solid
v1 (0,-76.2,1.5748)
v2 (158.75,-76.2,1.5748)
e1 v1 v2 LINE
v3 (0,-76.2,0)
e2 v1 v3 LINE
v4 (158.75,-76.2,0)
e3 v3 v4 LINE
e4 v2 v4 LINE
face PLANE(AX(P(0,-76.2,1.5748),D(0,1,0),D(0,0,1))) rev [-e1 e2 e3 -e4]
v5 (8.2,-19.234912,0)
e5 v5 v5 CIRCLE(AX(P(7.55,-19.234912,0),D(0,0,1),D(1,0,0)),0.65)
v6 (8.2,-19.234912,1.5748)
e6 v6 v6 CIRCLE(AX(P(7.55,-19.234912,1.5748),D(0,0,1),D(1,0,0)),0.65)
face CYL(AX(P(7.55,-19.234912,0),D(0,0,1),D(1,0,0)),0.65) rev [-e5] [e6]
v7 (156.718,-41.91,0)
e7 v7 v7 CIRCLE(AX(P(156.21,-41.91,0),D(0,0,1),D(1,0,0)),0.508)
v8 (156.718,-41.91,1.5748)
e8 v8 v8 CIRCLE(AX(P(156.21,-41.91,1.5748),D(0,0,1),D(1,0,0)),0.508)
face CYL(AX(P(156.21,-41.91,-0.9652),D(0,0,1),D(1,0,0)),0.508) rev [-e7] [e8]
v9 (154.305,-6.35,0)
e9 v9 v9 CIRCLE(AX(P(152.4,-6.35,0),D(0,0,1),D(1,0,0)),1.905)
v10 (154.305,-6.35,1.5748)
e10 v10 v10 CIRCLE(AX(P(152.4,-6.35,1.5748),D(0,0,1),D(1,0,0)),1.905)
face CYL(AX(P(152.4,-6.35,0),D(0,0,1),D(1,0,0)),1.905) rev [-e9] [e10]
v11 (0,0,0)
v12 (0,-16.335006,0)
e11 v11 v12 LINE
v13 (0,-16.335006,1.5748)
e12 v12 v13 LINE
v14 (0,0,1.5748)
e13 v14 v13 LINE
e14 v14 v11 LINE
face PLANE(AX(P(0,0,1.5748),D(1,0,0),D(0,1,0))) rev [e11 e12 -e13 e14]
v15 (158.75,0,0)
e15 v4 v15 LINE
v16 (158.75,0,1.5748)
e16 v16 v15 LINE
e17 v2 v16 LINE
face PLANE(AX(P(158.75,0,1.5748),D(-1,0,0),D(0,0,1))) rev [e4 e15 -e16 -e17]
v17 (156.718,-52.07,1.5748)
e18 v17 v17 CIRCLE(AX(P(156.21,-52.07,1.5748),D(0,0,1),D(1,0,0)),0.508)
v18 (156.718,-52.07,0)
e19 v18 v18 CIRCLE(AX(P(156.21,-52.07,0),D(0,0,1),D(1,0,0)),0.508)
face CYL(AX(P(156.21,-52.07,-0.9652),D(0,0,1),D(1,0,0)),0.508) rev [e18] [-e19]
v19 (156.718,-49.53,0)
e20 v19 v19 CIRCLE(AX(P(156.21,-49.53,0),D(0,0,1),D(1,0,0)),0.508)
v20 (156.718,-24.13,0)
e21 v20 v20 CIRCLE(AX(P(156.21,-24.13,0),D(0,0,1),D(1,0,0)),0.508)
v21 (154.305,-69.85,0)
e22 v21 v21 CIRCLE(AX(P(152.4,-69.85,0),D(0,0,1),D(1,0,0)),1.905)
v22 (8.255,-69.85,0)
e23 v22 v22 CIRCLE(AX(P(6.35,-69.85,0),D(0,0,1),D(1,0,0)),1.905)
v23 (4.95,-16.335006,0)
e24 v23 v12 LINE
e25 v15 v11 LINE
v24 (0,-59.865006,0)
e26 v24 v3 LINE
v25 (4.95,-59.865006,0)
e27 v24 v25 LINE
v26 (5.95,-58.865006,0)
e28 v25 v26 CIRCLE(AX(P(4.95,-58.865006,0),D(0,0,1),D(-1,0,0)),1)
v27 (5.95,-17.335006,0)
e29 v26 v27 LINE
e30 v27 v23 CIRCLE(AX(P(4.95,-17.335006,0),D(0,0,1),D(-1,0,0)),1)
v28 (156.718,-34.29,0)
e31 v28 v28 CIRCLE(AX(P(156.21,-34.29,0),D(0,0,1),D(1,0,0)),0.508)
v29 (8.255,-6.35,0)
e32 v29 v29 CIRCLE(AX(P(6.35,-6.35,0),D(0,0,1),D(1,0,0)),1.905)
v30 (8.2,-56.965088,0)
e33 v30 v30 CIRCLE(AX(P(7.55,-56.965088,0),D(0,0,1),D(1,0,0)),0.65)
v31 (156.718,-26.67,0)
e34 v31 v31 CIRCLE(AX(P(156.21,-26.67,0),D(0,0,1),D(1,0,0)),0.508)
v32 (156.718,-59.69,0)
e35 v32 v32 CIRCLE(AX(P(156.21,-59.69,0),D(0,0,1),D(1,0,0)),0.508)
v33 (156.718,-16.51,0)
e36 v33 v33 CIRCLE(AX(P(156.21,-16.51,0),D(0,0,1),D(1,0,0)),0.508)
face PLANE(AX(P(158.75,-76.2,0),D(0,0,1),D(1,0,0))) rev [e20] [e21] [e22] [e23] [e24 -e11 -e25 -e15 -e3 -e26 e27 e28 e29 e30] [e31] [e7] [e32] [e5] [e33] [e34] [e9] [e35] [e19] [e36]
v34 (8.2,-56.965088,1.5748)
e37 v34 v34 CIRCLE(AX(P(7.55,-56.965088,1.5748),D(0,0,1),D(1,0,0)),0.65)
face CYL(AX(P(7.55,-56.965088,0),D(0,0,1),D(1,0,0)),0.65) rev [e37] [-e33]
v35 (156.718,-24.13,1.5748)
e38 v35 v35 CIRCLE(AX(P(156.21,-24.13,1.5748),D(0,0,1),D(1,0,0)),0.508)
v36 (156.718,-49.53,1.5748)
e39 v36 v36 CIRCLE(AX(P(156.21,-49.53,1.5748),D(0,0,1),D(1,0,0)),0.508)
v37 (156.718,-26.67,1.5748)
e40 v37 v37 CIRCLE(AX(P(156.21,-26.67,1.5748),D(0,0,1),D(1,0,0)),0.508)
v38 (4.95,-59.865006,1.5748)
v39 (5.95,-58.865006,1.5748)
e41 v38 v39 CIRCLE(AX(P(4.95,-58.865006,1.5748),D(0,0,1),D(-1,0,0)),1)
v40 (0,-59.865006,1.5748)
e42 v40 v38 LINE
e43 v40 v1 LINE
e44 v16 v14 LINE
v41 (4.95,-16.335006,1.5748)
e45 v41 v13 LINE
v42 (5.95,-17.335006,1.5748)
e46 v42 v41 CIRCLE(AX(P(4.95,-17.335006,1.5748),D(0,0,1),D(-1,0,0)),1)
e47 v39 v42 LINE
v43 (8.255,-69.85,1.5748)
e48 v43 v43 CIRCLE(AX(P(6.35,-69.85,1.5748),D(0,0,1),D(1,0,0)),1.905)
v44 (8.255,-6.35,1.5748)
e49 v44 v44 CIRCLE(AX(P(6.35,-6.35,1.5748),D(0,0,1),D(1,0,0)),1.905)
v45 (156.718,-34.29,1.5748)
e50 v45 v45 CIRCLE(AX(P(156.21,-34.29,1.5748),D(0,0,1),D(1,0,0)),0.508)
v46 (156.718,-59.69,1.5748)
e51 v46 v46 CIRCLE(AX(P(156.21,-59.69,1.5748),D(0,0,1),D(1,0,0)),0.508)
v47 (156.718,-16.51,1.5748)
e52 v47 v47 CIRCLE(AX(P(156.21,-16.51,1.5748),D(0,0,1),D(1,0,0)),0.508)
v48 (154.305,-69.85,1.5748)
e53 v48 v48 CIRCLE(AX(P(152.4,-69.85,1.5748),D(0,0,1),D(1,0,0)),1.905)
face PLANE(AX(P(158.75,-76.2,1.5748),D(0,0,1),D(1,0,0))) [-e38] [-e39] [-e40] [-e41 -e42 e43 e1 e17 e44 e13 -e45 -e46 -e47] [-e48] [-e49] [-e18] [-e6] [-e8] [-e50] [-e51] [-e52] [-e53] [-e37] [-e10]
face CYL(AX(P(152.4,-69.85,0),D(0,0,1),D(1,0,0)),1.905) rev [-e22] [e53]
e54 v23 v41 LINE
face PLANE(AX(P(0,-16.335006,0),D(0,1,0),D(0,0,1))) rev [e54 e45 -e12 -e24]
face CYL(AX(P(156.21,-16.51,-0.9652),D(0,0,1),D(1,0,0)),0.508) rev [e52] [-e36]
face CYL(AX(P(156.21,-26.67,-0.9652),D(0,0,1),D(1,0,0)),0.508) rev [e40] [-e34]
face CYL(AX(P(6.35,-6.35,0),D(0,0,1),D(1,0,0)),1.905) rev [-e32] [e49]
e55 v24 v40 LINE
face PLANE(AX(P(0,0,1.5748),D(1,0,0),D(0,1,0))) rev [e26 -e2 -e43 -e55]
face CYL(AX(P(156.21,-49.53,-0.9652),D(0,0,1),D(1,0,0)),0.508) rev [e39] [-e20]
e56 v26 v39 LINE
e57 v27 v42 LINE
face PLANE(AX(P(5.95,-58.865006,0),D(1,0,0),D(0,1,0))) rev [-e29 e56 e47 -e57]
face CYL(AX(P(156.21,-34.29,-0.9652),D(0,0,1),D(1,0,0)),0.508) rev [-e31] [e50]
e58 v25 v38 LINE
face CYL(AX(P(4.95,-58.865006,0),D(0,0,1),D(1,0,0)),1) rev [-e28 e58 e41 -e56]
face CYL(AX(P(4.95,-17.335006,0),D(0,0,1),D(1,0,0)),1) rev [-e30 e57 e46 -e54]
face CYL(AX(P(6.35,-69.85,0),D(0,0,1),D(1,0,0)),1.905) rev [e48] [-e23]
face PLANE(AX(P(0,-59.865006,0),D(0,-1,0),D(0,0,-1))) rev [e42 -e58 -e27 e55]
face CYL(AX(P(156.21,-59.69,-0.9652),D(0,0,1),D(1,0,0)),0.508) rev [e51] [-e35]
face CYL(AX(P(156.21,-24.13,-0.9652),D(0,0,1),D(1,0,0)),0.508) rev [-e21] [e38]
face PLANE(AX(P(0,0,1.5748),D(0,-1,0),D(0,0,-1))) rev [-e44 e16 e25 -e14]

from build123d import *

# Parameters (mm, degrees)
SKETCH1_W               = 158.75
SKETCH1_H               = 76.2
EXTRUDE1_DEPTH          = 1.5748
SKETCH2_R               = 1.905
CUT_EXTRUDE2_DEPTH      = 1.5748
SKETCH4_R               = 0.65
CUT_EXTRUDE3_DEPTH      = 1.5748
SKETCH5_R               = 0.508
TRANSCEIVER_HOLES_DEPTH = 2.54
LPATTERN1_COUNT         = 2
LPATTERN1_PITCH         = 25.4


with BuildPart() as part:
    # Sketch1 → Extrude1 (new body)
    with BuildSketch(Plane.XY):
        with Locations((79.375, -38.1)):
            Rectangle(SKETCH1_W, SKETCH1_H)
    extrude(amount=EXTRUDE1_DEPTH)

    # Sketch2 → Cut-Extrude2 (cut)
    with BuildSketch(Plane.XY.offset(1.5748)):
        with Locations((152.4, -6.35)):
            Circle(SKETCH2_R)
        with Locations((6.35, -6.35)):
            Circle(SKETCH2_R)
        with Locations((152.4, -69.85)):
            Circle(SKETCH2_R)
        with Locations((6.35, -69.85)):
            Circle(SKETCH2_R)
    extrude(amount=-CUT_EXTRUDE2_DEPTH, mode=Mode.SUBTRACT)

    # Sketch4 → Cut-Extrude3 (cut)
    with BuildSketch(Plane.XY.offset(1.5748)):
        with Locations((7.55, -19.234912)):
            Circle(SKETCH4_R)
        with Locations((7.55, -56.965088)):
            Circle(SKETCH4_R)
        with BuildLine():
            Line((0, -16.335006), (4.95, -16.335006))
            ThreePointArc((4.95, -16.335006), (5.657106781, -16.627899219), (5.95, -17.335006))
            Line((5.95, -17.335006), (5.95, -58.865006))
            ThreePointArc((5.95, -58.865006), (5.657106781, -59.572112781), (4.95, -59.865006))
            Line((4.95, -59.865006), (0, -59.865006))
            Line((0, -59.865006), (0, -16.335006))
        make_face()
    extrude(amount=-CUT_EXTRUDE3_DEPTH, mode=Mode.SUBTRACT)

    # Sketch5 → transceiver holes (cut)
    with BuildSketch(Plane.XY.offset(1.5748)):
        with Locations((156.21, -59.69)):
            Circle(SKETCH5_R)
        with Locations((156.21, -52.07)):
            Circle(SKETCH5_R)
        with Locations((156.21, -49.53)):
            Circle(SKETCH5_R)
        with Locations((156.21, -41.91)):
            Circle(SKETCH5_R)
    transceiver_holes = extrude(amount=-TRANSCEIVER_HOLES_DEPTH, mode=Mode.SUBTRACT)

    # LPattern1: transceiver holes ×2
    with Locations(*[(0, i * LPATTERN1_PITCH, 0) for i in range(1, LPATTERN1_COUNT)]):
        add(transceiver_holes, mode=Mode.SUBTRACT)


solid = part.part
